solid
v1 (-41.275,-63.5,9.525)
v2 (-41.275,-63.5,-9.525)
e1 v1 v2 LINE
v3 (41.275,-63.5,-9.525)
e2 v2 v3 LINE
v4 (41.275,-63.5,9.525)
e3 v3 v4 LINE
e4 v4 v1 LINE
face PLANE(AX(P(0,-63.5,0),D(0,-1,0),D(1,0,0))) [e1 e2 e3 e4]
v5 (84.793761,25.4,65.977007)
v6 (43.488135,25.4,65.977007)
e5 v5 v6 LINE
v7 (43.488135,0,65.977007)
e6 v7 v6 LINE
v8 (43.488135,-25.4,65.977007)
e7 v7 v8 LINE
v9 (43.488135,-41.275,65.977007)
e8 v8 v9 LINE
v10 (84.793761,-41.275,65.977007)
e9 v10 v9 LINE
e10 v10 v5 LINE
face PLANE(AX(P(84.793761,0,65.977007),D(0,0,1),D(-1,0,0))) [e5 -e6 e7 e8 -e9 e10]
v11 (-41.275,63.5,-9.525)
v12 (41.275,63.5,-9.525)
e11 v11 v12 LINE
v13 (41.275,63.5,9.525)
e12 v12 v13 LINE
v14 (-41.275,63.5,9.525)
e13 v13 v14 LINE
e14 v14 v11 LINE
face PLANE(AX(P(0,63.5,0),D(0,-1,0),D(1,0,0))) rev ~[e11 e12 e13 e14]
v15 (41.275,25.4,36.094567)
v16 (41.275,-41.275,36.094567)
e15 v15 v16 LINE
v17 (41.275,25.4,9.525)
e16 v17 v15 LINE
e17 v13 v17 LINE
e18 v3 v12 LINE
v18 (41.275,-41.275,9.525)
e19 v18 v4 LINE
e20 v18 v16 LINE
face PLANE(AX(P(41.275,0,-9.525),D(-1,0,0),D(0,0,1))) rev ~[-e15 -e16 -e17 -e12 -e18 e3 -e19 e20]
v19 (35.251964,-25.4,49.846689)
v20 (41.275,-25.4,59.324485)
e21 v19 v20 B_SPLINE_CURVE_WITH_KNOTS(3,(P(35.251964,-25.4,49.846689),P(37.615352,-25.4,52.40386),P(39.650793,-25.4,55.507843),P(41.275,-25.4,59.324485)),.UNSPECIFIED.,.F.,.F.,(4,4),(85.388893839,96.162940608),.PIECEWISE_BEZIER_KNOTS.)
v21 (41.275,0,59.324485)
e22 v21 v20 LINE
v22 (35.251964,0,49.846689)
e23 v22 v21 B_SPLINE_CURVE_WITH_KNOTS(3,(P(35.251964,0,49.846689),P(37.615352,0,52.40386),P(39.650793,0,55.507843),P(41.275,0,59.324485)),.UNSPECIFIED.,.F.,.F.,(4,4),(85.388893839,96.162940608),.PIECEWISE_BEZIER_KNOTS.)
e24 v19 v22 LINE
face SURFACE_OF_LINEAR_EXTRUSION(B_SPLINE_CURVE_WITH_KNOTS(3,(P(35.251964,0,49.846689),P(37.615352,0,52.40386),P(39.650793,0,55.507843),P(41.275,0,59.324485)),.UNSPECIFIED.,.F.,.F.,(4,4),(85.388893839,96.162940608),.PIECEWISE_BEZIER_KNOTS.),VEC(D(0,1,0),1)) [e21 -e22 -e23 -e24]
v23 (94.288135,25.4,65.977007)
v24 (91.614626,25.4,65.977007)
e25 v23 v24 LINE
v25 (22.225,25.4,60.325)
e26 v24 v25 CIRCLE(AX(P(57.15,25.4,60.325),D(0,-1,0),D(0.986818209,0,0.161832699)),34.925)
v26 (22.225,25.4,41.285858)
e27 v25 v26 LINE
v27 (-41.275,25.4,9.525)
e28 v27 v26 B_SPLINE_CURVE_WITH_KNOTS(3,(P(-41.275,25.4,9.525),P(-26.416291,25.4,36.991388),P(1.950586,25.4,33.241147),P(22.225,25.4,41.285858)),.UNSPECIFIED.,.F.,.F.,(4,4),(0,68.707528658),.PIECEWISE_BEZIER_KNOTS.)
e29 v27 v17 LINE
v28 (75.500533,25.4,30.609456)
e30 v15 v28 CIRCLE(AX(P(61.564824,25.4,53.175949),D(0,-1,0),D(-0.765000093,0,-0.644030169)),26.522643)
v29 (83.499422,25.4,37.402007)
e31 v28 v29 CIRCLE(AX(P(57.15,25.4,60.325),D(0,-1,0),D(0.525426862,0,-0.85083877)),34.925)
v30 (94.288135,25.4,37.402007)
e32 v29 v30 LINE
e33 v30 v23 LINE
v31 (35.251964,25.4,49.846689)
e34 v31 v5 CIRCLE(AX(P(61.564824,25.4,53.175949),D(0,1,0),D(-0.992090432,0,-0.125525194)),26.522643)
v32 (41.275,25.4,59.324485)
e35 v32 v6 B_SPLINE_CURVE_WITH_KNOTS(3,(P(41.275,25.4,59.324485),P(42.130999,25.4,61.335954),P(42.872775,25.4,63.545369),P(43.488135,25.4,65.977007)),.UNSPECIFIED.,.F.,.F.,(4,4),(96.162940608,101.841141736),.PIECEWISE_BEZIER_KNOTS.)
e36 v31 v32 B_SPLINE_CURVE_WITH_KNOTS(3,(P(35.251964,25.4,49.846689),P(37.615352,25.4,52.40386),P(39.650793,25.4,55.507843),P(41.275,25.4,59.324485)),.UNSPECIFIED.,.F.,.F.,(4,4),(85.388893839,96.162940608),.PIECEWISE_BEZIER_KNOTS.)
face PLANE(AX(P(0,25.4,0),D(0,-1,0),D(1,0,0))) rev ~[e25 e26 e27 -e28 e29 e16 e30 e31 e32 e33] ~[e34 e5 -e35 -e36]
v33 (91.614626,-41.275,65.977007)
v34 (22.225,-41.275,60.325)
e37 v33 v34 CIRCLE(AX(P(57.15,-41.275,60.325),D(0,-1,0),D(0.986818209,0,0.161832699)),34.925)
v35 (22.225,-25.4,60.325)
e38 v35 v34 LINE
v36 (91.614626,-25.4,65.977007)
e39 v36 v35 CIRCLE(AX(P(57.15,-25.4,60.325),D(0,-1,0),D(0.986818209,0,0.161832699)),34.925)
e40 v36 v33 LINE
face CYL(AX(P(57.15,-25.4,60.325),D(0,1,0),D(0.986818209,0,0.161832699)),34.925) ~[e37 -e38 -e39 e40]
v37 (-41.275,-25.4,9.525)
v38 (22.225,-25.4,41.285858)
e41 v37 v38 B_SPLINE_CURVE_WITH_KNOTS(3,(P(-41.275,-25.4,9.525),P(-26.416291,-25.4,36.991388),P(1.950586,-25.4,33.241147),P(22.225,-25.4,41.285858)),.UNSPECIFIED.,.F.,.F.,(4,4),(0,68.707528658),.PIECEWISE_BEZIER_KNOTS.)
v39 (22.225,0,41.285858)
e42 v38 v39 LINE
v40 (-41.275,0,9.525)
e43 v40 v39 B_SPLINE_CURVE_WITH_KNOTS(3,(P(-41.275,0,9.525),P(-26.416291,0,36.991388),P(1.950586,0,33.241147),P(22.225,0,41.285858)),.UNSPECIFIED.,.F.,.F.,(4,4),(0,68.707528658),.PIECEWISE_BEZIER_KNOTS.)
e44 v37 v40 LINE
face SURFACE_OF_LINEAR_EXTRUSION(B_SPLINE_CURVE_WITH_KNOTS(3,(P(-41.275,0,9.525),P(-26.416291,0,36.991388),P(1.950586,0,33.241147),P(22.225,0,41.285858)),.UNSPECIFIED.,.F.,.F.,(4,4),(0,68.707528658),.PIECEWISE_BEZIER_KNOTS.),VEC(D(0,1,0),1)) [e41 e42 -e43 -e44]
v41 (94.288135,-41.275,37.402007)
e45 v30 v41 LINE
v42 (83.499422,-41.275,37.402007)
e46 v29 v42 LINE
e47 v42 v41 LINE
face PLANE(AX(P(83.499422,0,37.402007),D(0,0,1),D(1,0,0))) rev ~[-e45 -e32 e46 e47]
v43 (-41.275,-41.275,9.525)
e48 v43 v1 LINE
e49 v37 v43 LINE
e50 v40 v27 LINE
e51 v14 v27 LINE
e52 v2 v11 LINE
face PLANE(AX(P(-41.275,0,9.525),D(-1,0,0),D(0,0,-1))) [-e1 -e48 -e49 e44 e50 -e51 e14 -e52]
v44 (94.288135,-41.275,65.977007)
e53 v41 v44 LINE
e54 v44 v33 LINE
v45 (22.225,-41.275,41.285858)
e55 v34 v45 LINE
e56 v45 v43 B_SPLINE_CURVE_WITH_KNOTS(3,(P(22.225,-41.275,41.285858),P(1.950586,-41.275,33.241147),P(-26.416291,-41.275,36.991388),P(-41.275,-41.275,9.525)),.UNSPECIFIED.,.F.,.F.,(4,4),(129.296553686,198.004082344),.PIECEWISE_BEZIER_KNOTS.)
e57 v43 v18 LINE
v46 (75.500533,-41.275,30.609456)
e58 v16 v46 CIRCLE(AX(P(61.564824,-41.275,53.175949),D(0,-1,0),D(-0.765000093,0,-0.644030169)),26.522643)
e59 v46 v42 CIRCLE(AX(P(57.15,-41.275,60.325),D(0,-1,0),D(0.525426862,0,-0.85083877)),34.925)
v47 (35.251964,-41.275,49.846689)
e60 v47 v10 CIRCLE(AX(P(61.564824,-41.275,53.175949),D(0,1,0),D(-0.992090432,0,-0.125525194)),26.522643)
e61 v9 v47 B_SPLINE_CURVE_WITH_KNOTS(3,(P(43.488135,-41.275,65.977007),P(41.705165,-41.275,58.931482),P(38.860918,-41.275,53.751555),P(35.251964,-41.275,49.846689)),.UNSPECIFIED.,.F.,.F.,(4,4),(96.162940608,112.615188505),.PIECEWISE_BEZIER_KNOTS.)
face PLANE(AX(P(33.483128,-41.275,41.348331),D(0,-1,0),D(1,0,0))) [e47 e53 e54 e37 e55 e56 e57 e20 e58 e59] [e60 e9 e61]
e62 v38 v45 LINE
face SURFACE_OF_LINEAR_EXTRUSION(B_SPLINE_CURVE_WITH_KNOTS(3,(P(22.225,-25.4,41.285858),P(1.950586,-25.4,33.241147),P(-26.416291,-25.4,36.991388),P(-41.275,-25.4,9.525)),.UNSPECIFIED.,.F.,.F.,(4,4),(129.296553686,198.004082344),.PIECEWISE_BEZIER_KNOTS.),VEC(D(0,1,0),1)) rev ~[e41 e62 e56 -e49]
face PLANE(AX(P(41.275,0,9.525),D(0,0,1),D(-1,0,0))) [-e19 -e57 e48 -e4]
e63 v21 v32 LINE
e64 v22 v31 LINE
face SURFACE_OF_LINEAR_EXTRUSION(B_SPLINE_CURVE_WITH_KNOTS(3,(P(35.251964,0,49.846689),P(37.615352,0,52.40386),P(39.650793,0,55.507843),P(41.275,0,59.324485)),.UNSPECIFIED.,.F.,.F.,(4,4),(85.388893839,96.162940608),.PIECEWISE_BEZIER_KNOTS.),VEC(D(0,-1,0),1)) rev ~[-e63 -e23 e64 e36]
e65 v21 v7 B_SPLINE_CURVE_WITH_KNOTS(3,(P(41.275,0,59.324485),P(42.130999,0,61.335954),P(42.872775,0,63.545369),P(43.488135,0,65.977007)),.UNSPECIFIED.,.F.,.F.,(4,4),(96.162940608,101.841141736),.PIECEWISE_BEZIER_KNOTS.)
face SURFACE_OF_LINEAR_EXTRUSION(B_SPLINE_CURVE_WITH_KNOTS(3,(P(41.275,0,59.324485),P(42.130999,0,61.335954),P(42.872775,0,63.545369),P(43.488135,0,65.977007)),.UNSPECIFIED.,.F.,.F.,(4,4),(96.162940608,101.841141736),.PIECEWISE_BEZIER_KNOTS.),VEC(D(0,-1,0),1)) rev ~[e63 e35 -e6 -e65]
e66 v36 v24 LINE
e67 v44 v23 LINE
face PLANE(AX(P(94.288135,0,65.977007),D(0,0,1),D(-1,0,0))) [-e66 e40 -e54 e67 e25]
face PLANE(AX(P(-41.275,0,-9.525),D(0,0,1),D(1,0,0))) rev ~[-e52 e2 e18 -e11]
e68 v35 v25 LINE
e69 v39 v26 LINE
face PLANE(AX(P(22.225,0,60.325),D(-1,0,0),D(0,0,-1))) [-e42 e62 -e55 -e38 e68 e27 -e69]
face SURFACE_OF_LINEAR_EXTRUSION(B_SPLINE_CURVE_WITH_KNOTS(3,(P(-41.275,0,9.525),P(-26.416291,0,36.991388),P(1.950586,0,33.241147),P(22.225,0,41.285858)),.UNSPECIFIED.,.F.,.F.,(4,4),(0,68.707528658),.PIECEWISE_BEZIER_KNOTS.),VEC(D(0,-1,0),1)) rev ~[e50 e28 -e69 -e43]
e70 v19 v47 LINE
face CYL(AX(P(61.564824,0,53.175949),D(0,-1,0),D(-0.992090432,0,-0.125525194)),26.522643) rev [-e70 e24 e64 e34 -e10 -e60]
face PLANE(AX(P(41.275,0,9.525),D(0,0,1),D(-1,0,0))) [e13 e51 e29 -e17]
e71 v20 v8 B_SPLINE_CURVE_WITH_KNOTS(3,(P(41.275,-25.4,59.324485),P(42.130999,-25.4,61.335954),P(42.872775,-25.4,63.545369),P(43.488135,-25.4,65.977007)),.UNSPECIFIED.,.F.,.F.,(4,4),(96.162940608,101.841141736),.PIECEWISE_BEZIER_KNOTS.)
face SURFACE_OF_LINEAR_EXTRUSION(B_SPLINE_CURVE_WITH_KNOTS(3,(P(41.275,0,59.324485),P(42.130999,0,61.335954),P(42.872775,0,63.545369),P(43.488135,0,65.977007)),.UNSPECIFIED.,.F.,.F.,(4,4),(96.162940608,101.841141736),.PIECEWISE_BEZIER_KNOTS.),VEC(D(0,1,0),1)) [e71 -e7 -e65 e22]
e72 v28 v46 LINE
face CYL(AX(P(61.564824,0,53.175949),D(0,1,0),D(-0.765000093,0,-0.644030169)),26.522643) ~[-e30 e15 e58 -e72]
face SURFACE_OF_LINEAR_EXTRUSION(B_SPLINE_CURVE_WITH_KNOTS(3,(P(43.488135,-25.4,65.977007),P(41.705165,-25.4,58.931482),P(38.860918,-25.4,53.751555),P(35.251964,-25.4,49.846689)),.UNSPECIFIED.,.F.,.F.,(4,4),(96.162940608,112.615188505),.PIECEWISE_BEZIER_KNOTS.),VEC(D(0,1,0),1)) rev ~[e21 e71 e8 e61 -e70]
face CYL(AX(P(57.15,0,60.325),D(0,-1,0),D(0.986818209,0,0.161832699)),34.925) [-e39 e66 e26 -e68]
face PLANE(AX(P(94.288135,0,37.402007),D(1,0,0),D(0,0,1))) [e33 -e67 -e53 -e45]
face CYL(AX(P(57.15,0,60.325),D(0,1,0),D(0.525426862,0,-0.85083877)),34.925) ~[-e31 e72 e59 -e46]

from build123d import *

# Parameters (mm, degrees)
F1_DEPTH = 63.5
F2_DEPTH = 25.4
F3_DEPTH = 15.875


with BuildPart() as f1:
    # F0 (on Front) → F1 (new body, symmetric)
    with BuildSketch(Plane.XZ):
        Polygon((41.275, -9.525), (41.275, 9.525), (22.225, 9.525), (-41.275, 9.525), (-41.275, -9.525), align=None)
    extrude(amount=F1_DEPTH, both=True)

    # F0 (on Front) → F2 (join, symmetric)
    with BuildSketch(Plane.XZ):
        Polygon((41.275, -9.525), (41.275, 9.525), (22.225, 9.525), (-41.275, 9.525), (-41.275, -9.525), align=None)
        with BuildLine():
            Line((22.225, 9.525), (41.275, 9.525))
            Line((41.275, 9.525), (41.275, 36.094566609))
            ThreePointArc((41.275, 36.094566609), (37.2701177009, 42.5355625854), (35.2519640423, 49.8466888466))
            add(Edge.make_bspline(
                [(22.225, 41.2858579773), (27.1473848913, 43.2390175142), (31.5927512489, 45.8874426384), (35.2519640423, 49.8466888466)],
                knots=[68.7075286576, 68.7075286576, 68.7075286576, 68.7075286576, 85.3888938388, 85.3888938388, 85.3888938388, 85.3888938388], degree=3))
            Line((22.225, 41.2858579773), (22.225, 9.525))
        make_face()
        with BuildLine():
            Line((-41.275, 9.525), (22.225, 9.525))
            Line((22.225, 9.525), (22.225, 41.2858579773))
            add(Edge.make_bspline(
                [(-41.275, 9.525), (-26.416290782, 36.991388499), (1.9505861672, 33.2411468041), (22.225, 41.2858579773)],
                knots=[0, 0, 0, 0, 68.7075286576, 68.7075286576, 68.7075286576, 68.7075286576], degree=3))
        make_face()
        with BuildLine():
            ThreePointArc((35.2519640423, 49.8466888466), (37.2701177009, 42.5355625854), (41.275, 36.094566609))
            Line((41.275, 36.094566609), (41.275, 59.3244851528))
            add(Edge.make_bspline(
                [(35.2519640423, 49.8466888466), (37.6153515316, 52.4038598787), (39.6507933359, 55.5078428034), (41.275, 59.3244851528)],
                knots=[85.3888938388, 85.3888938388, 85.3888938388, 85.3888938388, 96.162940608, 96.162940608, 96.162940608, 96.162940608], degree=3))
        make_face()
        with BuildLine():
            Line((41.275, 59.3244851528), (41.275, 36.094566609))
            ThreePointArc((41.275, 36.094566609), (57.3677651162, 26.987491807), (75.5005331428, 30.6094559468))
            ThreePointArc((75.5005331428, 30.6094559468), (79.7565516079, 33.7035903942), (83.4994215816, 37.4020070167))
            Line((83.4994215816, 37.4020070167), (43.4881349932, 37.4020070167))
            Line((43.4881349932, 37.4020070167), (43.4881349932, 65.9770070167))
            add(Edge.make_bspline(
                [(41.275, 59.3244851528), (42.1309988934, 61.335954321), (42.872774659, 63.5453690941), (43.4881349932, 65.9770070167)],
                knots=[96.162940608, 96.162940608, 96.162940608, 96.162940608, 101.8411417359, 101.8411417359, 101.8411417359, 101.8411417359], degree=3))
        make_face()
        with BuildLine():
            Line((22.225, 60.325), (22.225, 41.2858579773))
            add(Edge.make_bspline(
                [(22.225, 41.2858579773), (27.1473848913, 43.2390175142), (31.5927512489, 45.8874426384), (35.2519640423, 49.8466888466)],
                knots=[68.7075286576, 68.7075286576, 68.7075286576, 68.7075286576, 85.3888938388, 85.3888938388, 85.3888938388, 85.3888938388], degree=3))
            ThreePointArc((35.2519640423, 49.8466888466), (53.353585698, 78.3955074484), (84.7937605886, 65.9770070167))
            Line((84.7937605886, 65.9770070167), (91.6146259472, 65.9770070167))
            ThreePointArc((91.6146259472, 65.9770070167), (54.3146372549, 95.1347162169), (22.225, 60.325))
        make_face()
        with BuildLine():
            Line((71.9847713728, 65.9770070167), (43.4881349932, 65.9770070167))
            Line((43.4881349932, 65.9770070167), (43.4881349932, 37.4020070167))
            Line((43.4881349932, 37.4020070167), (83.4994215816, 37.4020070167))
            ThreePointArc((83.4994215816, 37.4020070167), (90.7464246678, 50.7837278343), (91.6146259472, 65.9770070167))
            Line((91.6146259472, 65.9770070167), (84.7937605886, 65.9770070167))
            Line((84.7937605886, 65.9770070167), (71.9847713728, 65.9770070167))
        make_face()
        with BuildLine():
            ThreePointArc((91.6146259472, 65.9770070167), (90.7464246678, 50.7837278343), (83.4994215816, 37.4020070167))
            Line((83.4994215816, 37.4020070167), (94.2881349932, 37.4020070167))
            Line((94.2881349932, 37.4020070167), (94.2881349932, 65.9770070167))
            Line((94.2881349932, 65.9770070167), (91.6146259472, 65.9770070167))
        make_face()
    extrude(amount=F2_DEPTH, both=True)

    # F0 (on Front) + F2_face (on face) → F3 (join)
    with BuildSketch(Plane.XZ):
        Polygon((41.275, -9.525), (41.275, 9.525), (22.225, 9.525), (-41.275, 9.525), (-41.275, -9.525), align=None)
        with BuildLine():
            Line((22.225, 9.525), (41.275, 9.525))
            Line((41.275, 9.525), (41.275, 36.094566609))
            ThreePointArc((41.275, 36.094566609), (37.2701177009, 42.5355625854), (35.2519640423, 49.8466888466))
            add(Edge.make_bspline(
                [(22.225, 41.2858579773), (27.1473848913, 43.2390175142), (31.5927512489, 45.8874426384), (35.2519640423, 49.8466888466)],
                knots=[68.7075286576, 68.7075286576, 68.7075286576, 68.7075286576, 85.3888938388, 85.3888938388, 85.3888938388, 85.3888938388], degree=3))
            Line((22.225, 41.2858579773), (22.225, 9.525))
        make_face()
        with BuildLine():
            Line((-41.275, 9.525), (22.225, 9.525))
            Line((22.225, 9.525), (22.225, 41.2858579773))
            add(Edge.make_bspline(
                [(-41.275, 9.525), (-26.416290782, 36.991388499), (1.9505861672, 33.2411468041), (22.225, 41.2858579773)],
                knots=[0, 0, 0, 0, 68.7075286576, 68.7075286576, 68.7075286576, 68.7075286576], degree=3))
        make_face()
        with BuildLine():
            ThreePointArc((35.2519640423, 49.8466888466), (37.2701177009, 42.5355625854), (41.275, 36.094566609))
            Line((41.275, 36.094566609), (41.275, 59.3244851528))
            add(Edge.make_bspline(
                [(35.2519640423, 49.8466888466), (37.6153515316, 52.4038598787), (39.6507933359, 55.5078428034), (41.275, 59.3244851528)],
                knots=[85.3888938388, 85.3888938388, 85.3888938388, 85.3888938388, 96.162940608, 96.162940608, 96.162940608, 96.162940608], degree=3))
        make_face()
        with BuildLine():
            Line((41.275, 59.3244851528), (41.275, 36.094566609))
            ThreePointArc((41.275, 36.094566609), (57.3677651162, 26.987491807), (75.5005331428, 30.6094559468))
            ThreePointArc((75.5005331428, 30.6094559468), (79.7565516079, 33.7035903942), (83.4994215816, 37.4020070167))
            Line((83.4994215816, 37.4020070167), (43.4881349932, 37.4020070167))
            Line((43.4881349932, 37.4020070167), (43.4881349932, 65.9770070167))
            add(Edge.make_bspline(
                [(41.275, 59.3244851528), (42.1309988934, 61.335954321), (42.872774659, 63.5453690941), (43.4881349932, 65.9770070167)],
                knots=[96.162940608, 96.162940608, 96.162940608, 96.162940608, 101.8411417359, 101.8411417359, 101.8411417359, 101.8411417359], degree=3))
        make_face()
        with BuildLine():
            Line((22.225, 60.325), (22.225, 41.2858579773))
            add(Edge.make_bspline(
                [(22.225, 41.2858579773), (27.1473848913, 43.2390175142), (31.5927512489, 45.8874426384), (35.2519640423, 49.8466888466)],
                knots=[68.7075286576, 68.7075286576, 68.7075286576, 68.7075286576, 85.3888938388, 85.3888938388, 85.3888938388, 85.3888938388], degree=3))
            ThreePointArc((35.2519640423, 49.8466888466), (53.353585698, 78.3955074484), (84.7937605886, 65.9770070167))
            Line((84.7937605886, 65.9770070167), (91.6146259472, 65.9770070167))
            ThreePointArc((91.6146259472, 65.9770070167), (54.3146372549, 95.1347162169), (22.225, 60.325))
        make_face()
        with BuildLine():
            Line((71.9847713728, 65.9770070167), (43.4881349932, 65.9770070167))
            Line((43.4881349932, 65.9770070167), (43.4881349932, 37.4020070167))
            Line((43.4881349932, 37.4020070167), (83.4994215816, 37.4020070167))
            ThreePointArc((83.4994215816, 37.4020070167), (90.7464246678, 50.7837278343), (91.6146259472, 65.9770070167))
            Line((91.6146259472, 65.9770070167), (84.7937605886, 65.9770070167))
            Line((84.7937605886, 65.9770070167), (71.9847713728, 65.9770070167))
        make_face()
        with BuildLine():
            ThreePointArc((91.6146259472, 65.9770070167), (90.7464246678, 50.7837278343), (83.4994215816, 37.4020070167))
            Line((83.4994215816, 37.4020070167), (94.2881349932, 37.4020070167))
            Line((94.2881349932, 37.4020070167), (94.2881349932, 65.9770070167))
            Line((94.2881349932, 65.9770070167), (91.6146259472, 65.9770070167))
        make_face()
    with BuildSketch(Plane(origin=(39.5464553356, -25.4, 45.7929419382), x_dir=(1, 0, 0), z_dir=(0, -1, 0))):
        with BuildLine():
            Line((-80.8214553356, -36.2679419382), (1.7285446644, -36.2679419382))
            Line((1.7285446644, -36.2679419382), (1.7285446644, -9.6983753292))
            ThreePointArc((1.7285446644, -9.6983753292), (17.8213097807, -18.8054501311), (35.9540778072, -15.1834859914))
            ThreePointArc((35.9540778072, -15.1834859914), (40.2100962723, -12.089351544), (43.952966246, -8.3909349215))
            Line((43.952966246, -8.3909349215), (54.7416796576, -8.3909349215))
            Line((54.7416796576, -8.3909349215), (54.7416796576, 20.1840650785))
            Line((54.7416796576, 20.1840650785), (52.0681706117, 20.1840650785))
            ThreePointArc((52.0681706117, 20.1840650785), (14.7681819193, 49.3417742788), (-17.3214553356, 14.5320580618))
            Line((-17.3214553356, 14.5320580618), (-17.3214553356, -4.5070839609))
            add(Edge.make_bspline(
                [(-17.3214553356, -4.5070839609), (-37.5958691684, -12.5517951341), (-65.9627461175, -8.8015534392), (-80.8214553356, -36.2679419382)],
                knots=[129.2965536863, 129.2965536863, 129.2965536863, 129.2965536863, 198.004082344, 198.004082344, 198.004082344, 198.004082344], degree=3))
        make_face()
        with BuildLine():
            add(Edge.make_bspline(
                [(3.9416796576, 20.1840650785), (2.158709922, 13.1385397446), (-0.6855375098, 7.9586131706), (-4.2944912933, 4.0537469084)],
                knots=[96.162940608, 96.162940608, 96.162940608, 96.162940608, 112.6151885052, 112.6151885052, 112.6151885052, 112.6151885052], degree=3))
            ThreePointArc((-4.2944912933, 4.0537469084), (13.8071303624, 32.6025655102), (45.247305253, 20.1840650785))
            Line((45.247305253, 20.1840650785), (3.9416796576, 20.1840650785))
        make_face(mode=Mode.SUBTRACT)
    extrude(amount=F3_DEPTH)


solid = f1.part
